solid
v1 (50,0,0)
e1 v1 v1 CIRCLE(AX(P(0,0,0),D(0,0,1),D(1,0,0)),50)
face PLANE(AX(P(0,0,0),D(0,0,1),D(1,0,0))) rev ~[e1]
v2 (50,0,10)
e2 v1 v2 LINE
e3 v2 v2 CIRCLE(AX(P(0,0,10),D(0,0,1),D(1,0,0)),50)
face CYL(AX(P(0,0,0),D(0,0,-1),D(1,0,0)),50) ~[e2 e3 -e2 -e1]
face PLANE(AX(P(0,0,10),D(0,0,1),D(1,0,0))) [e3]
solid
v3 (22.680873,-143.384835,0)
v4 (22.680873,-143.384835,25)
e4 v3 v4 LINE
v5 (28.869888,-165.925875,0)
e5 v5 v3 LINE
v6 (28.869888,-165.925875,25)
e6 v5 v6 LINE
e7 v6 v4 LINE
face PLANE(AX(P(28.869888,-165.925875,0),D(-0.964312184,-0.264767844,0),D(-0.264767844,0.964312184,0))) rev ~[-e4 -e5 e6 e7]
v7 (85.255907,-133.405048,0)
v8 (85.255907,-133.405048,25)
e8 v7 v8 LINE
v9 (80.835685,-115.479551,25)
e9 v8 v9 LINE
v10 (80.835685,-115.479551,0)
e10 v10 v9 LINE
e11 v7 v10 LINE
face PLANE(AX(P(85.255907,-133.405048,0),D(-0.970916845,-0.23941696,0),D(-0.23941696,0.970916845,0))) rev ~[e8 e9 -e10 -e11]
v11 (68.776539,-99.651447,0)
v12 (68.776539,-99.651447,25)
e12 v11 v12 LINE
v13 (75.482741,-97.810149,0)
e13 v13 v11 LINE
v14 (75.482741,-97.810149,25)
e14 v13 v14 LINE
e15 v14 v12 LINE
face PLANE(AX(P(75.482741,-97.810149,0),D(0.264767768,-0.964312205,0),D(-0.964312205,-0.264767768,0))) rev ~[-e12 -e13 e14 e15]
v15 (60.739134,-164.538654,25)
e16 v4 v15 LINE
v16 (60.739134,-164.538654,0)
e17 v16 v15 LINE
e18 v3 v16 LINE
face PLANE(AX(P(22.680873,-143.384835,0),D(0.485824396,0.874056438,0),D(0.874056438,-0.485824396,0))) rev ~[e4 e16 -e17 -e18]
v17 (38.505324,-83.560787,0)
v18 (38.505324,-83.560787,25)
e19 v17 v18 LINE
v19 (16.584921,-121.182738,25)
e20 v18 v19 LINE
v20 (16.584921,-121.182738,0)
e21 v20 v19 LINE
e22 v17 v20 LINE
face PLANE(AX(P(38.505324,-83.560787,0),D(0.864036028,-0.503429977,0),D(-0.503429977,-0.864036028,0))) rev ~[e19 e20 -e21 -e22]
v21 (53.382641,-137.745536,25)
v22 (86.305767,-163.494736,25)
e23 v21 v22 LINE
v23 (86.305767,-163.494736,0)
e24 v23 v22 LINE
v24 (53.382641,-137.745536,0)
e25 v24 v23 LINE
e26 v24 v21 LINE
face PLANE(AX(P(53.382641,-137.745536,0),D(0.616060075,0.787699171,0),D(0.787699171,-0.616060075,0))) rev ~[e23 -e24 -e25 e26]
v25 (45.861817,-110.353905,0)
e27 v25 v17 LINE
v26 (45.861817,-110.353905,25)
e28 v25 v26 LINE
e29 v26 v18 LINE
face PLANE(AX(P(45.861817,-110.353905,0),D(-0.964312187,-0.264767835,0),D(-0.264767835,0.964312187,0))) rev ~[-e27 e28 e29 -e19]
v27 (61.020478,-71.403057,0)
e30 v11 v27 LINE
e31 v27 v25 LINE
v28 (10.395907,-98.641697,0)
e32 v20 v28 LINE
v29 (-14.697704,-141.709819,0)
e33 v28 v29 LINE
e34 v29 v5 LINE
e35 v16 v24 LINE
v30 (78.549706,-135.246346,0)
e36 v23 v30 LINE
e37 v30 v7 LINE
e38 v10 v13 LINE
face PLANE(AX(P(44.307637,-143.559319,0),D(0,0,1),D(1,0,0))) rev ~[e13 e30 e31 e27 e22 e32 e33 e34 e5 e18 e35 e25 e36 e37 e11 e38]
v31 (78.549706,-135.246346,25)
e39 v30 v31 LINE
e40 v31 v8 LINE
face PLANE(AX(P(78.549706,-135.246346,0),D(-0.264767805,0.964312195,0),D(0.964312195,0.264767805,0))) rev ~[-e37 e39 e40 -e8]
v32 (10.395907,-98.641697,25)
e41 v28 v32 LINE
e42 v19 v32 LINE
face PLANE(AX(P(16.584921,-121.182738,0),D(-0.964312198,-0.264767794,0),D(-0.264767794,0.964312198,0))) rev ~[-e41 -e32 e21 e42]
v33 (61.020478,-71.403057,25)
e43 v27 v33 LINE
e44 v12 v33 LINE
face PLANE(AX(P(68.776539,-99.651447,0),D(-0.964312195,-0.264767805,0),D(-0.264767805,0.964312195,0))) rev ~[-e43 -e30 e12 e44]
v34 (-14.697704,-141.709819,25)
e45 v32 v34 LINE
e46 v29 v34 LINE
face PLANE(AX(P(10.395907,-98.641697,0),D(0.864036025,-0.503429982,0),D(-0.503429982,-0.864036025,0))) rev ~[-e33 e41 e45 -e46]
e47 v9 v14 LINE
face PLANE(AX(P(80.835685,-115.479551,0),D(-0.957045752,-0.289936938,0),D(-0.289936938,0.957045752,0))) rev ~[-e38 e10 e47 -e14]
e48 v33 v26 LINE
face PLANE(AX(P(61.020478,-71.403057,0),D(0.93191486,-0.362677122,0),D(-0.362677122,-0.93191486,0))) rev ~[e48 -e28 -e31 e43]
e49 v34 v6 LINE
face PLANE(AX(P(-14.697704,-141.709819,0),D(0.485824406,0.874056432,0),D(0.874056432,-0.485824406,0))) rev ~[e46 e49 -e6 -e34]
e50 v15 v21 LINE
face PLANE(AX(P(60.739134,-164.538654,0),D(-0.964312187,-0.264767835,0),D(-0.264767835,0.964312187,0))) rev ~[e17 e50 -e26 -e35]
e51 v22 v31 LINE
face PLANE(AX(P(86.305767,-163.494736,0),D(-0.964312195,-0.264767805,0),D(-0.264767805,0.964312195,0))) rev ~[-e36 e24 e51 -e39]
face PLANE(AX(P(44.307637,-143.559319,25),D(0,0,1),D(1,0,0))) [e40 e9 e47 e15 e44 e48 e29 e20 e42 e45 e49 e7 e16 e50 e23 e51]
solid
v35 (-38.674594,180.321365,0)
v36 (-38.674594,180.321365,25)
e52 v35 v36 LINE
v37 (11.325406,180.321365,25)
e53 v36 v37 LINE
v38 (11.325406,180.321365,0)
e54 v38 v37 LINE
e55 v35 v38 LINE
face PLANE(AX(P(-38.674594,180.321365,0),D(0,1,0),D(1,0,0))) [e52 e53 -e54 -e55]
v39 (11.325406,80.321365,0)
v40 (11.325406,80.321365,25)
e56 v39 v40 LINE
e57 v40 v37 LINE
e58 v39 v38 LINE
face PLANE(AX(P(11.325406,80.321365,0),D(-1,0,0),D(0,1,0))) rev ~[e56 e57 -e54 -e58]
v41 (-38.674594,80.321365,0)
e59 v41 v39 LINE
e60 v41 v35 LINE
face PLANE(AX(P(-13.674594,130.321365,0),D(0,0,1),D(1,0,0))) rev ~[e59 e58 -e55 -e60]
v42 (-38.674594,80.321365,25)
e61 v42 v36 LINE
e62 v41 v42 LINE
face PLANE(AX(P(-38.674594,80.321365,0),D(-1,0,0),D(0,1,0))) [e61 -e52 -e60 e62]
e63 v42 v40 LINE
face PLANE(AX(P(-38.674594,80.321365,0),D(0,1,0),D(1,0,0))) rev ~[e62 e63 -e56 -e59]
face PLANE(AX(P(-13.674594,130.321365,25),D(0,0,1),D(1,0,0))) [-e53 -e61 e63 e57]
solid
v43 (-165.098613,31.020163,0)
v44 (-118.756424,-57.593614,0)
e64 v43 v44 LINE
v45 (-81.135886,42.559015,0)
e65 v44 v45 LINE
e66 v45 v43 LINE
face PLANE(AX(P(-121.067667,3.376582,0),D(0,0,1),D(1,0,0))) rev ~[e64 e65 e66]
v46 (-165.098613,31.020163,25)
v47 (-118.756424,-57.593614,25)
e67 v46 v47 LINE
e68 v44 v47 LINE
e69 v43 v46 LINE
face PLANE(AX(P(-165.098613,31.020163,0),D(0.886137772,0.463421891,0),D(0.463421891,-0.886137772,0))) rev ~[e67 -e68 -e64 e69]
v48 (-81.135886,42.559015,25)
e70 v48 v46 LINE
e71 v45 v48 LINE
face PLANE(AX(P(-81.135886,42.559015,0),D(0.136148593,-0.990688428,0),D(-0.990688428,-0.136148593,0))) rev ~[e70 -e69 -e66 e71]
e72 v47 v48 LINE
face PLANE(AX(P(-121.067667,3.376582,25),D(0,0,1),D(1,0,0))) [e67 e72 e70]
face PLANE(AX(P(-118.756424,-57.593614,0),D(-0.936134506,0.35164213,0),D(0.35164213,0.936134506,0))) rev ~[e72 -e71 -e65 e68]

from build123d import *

# Parameters (mm, degrees)
F0_R     = 50
F1_DEPTH = 10
F2_W     = 50
F2_H     = 100
F3_DEPTH = 25
F5_DEPTH = 25
F7_DEPTH = 25


with BuildPart() as f1:
    # F0 (on Top) → F1 (new body)
    with BuildSketch(Plane.XY):
        Circle(F0_R)
    extrude(amount=F1_DEPTH)


with BuildPart() as f3:
    # F2 (on Top) → F3 (new body)
    with BuildSketch(Plane.XY):
        with Locations((-13.674594, 130.321365)):
            Rectangle(F2_W, F2_H)
    extrude(amount=F3_DEPTH)


with BuildPart() as f5:
    # F4 (on Top) → F5 (new body)
    with BuildSketch(Plane.XY):
        Polygon((-165.098613, 31.020163), (-118.756424, -57.593614), (-81.135886, 42.559015), align=None)
    extrude(amount=F5_DEPTH)


with BuildPart() as f7:
    # F6 (on Top) → F7 (new body)
    with BuildSketch(Plane.XY):
        Polygon((80.835685, -115.479551), (-14.697704, -141.709819), (28.869888, -165.925875), (22.680873, -143.384835), (60.739134, -164.538654), (53.382641, -137.745536), (86.305767, -163.494736), (78.549706, -135.246346), (85.255907, -133.405048), align=None)
        Polygon((10.395907, -98.641697), (-14.697704, -141.709819), (80.835685, -115.479551), (75.482741, -97.810149), (68.776539, -99.651447), (61.020478, -71.403057), (45.861817, -110.353905), (38.505324, -83.560787), (16.584921, -121.182738), align=None)
    extrude(amount=F7_DEPTH)


solid = Compound([f1.part, f3.part, f5.part, f7.part])
